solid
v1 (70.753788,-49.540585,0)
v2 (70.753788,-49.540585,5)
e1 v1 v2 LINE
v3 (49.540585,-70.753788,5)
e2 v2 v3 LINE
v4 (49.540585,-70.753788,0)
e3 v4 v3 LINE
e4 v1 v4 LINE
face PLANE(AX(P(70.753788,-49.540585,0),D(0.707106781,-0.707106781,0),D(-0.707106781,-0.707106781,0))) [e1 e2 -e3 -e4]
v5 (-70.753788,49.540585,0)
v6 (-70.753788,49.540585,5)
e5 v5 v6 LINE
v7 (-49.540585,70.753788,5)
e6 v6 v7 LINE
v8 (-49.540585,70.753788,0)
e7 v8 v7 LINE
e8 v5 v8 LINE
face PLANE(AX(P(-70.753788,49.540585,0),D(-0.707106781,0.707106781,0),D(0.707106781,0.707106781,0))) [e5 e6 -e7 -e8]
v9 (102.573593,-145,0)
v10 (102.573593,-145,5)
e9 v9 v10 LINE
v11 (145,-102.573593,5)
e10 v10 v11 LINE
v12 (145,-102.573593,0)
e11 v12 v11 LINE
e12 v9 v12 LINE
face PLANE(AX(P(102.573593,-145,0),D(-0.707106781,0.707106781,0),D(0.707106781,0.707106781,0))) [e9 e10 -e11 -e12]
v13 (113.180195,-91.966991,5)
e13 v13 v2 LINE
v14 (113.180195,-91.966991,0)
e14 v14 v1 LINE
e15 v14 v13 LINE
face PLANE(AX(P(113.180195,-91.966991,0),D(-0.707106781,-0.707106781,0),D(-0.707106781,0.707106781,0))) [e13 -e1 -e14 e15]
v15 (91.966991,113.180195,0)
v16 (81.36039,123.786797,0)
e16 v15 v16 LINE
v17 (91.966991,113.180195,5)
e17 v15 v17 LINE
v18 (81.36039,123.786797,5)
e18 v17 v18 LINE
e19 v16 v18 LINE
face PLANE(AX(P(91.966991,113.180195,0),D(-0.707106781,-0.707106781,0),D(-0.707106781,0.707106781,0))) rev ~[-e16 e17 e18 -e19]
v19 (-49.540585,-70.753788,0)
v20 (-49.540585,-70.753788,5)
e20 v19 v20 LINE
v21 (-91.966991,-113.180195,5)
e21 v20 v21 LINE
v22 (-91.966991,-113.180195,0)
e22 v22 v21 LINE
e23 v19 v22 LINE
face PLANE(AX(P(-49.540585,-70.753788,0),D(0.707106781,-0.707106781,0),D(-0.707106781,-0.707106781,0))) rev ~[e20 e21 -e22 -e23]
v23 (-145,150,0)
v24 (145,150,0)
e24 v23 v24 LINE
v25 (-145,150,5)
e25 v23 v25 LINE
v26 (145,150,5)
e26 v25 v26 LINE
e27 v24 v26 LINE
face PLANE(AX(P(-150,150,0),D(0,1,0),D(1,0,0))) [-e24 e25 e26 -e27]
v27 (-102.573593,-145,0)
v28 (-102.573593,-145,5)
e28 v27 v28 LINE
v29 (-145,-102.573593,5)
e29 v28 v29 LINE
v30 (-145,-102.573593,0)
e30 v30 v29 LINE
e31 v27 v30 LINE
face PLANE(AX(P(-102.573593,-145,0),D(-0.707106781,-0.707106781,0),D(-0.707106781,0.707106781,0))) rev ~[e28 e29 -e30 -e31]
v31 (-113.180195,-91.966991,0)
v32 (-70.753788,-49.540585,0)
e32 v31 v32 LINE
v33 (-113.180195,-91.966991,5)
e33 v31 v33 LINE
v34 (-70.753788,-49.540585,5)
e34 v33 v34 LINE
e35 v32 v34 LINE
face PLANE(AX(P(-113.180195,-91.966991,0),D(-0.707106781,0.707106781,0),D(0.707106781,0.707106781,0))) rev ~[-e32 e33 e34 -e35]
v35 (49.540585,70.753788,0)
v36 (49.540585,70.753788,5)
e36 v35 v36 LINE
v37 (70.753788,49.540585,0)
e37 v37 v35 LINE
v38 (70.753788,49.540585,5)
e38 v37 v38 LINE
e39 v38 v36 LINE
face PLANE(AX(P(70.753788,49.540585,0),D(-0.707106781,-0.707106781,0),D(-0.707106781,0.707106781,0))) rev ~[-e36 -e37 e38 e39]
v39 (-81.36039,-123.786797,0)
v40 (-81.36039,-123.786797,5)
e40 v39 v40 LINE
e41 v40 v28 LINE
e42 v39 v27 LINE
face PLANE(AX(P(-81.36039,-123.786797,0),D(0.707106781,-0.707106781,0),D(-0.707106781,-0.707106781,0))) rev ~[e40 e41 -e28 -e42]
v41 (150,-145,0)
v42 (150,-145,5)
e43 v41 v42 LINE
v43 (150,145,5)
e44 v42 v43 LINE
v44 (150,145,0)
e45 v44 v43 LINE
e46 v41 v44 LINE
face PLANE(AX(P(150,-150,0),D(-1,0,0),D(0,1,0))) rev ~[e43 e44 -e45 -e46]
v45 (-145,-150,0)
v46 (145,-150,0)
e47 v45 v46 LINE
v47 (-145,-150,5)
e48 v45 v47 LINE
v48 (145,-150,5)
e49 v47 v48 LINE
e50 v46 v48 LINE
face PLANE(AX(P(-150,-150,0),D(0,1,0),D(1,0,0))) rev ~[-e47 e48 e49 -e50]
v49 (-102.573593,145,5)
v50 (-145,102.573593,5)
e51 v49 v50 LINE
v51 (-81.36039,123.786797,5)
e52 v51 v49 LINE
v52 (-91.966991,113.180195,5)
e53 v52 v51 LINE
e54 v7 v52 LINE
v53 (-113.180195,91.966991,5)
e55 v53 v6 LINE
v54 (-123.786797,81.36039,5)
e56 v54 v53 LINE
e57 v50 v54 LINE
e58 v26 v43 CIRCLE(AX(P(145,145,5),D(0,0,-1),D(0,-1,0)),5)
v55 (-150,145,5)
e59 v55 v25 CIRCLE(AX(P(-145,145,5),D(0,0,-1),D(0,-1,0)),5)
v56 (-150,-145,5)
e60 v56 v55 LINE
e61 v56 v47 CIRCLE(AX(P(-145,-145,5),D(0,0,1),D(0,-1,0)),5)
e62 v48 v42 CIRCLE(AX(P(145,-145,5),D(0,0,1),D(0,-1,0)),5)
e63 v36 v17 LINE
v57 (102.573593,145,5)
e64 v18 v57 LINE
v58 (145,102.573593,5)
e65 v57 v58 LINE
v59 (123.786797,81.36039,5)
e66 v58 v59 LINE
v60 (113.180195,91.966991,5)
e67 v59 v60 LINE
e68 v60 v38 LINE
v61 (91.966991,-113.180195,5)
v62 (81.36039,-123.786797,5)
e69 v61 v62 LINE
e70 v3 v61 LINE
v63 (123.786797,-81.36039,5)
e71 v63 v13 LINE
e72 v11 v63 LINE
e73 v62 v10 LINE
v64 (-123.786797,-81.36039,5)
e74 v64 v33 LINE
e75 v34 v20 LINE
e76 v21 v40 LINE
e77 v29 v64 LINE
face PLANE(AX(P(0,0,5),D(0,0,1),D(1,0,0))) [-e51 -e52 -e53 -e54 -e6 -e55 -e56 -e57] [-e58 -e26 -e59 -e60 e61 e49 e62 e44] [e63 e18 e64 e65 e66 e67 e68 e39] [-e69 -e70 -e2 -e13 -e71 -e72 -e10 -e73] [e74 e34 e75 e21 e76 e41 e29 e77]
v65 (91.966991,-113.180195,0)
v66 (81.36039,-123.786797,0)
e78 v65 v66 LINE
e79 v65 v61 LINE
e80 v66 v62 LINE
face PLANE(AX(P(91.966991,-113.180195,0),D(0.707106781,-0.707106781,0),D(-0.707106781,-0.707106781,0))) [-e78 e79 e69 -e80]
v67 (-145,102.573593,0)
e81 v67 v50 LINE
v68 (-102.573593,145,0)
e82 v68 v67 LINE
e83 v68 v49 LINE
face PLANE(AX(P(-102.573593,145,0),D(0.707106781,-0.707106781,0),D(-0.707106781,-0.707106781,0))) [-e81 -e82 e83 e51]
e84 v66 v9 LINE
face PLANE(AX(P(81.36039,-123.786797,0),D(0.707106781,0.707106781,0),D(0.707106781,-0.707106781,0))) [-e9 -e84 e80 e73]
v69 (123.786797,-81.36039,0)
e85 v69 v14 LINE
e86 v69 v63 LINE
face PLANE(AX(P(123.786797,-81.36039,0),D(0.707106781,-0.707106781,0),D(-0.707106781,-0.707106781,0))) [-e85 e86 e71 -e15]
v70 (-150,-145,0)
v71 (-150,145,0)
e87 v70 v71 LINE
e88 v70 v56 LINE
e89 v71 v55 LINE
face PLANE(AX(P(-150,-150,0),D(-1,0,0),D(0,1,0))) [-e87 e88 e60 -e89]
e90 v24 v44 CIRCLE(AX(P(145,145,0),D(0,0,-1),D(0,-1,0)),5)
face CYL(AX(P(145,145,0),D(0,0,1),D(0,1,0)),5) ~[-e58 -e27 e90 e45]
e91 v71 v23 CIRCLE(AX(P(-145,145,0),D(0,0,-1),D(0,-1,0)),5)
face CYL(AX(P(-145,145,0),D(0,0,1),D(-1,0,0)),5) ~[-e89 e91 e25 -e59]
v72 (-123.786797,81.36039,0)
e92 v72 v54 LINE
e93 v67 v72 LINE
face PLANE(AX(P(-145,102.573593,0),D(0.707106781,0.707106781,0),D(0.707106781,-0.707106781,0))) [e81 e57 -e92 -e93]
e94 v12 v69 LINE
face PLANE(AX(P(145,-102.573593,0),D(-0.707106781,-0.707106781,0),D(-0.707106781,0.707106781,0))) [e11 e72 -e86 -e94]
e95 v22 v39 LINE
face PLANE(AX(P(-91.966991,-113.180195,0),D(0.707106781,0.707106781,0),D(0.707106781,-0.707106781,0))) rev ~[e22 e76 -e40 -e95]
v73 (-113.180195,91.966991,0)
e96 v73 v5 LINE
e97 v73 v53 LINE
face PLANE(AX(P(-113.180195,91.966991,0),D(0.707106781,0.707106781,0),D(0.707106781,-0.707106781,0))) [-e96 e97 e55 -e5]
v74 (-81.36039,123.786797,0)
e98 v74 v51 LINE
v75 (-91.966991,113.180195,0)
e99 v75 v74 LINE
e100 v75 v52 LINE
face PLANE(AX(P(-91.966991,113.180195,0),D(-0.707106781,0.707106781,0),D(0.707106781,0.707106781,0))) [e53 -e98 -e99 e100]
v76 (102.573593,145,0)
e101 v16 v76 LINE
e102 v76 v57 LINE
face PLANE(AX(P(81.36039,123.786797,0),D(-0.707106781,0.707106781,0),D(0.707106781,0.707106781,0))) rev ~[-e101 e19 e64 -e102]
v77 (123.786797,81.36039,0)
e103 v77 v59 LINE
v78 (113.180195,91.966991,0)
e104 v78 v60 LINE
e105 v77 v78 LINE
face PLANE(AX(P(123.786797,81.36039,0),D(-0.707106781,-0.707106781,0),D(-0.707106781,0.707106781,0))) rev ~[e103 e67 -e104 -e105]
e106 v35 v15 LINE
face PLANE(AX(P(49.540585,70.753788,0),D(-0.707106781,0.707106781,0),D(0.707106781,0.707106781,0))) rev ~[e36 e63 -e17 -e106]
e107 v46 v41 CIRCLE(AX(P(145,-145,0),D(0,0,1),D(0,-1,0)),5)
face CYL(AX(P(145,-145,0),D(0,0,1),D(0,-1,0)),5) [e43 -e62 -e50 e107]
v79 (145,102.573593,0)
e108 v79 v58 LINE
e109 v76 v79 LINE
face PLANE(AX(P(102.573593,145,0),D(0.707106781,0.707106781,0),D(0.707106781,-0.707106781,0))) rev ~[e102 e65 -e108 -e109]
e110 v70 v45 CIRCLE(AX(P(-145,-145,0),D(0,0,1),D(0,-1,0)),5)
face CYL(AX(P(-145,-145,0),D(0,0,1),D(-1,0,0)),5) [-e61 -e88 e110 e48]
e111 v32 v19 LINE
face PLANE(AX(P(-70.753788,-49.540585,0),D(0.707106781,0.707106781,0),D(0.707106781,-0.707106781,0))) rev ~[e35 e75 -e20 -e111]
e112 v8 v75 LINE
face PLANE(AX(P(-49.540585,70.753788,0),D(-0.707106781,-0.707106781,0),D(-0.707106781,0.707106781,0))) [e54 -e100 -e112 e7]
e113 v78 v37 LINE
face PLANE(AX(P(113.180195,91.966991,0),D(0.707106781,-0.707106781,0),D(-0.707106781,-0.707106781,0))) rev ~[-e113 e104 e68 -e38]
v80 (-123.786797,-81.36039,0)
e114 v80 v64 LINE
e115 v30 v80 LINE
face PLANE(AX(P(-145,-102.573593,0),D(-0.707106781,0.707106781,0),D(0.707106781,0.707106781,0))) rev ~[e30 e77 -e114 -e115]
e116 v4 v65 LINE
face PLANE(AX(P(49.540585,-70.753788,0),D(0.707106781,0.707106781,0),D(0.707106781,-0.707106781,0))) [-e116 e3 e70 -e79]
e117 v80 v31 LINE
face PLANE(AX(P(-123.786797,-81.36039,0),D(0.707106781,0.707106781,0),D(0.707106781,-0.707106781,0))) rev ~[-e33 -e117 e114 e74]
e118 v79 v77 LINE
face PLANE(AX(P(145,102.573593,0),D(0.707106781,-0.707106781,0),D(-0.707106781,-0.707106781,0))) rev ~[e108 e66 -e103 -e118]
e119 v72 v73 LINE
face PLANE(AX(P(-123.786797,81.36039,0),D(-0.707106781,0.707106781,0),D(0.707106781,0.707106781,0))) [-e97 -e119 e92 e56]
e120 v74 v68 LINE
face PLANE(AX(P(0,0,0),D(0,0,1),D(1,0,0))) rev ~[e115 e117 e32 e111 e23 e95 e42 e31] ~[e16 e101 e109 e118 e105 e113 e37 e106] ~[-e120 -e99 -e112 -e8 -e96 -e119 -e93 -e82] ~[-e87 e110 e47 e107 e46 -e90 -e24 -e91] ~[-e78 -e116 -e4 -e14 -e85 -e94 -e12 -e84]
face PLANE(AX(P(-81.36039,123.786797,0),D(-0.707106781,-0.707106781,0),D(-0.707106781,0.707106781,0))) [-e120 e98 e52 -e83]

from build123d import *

# Parameters (mm, degrees)
ESQUISSE1_W             = 300
ESQUISSE1_H             = 300
BOSS_EXTRU_1_DEPTH      = 5
ENL_V_MAT_EXTRU_1_DEPTH = 5
CONG_1_R                = 5


with BuildPart() as part:
    # Esquisse1 → Boss.-Extru.1 (new body)
    with BuildSketch(Plane.XY):
        Rectangle(ESQUISSE1_W, ESQUISSE1_H)
    extrude(amount=BOSS_EXTRU_1_DEPTH)

    # Esquisse2 → Enlèv. mat.-Extru.1 (cut)
    with BuildSketch(Plane.XY):
        Polygon((-70.753787975, 49.54058454), (-49.54058454, 70.753787975), (-91.966991411, 113.180194847), (-81.360389693, 123.786796564), (-102.573593129, 145), (-145, 102.573593129), (-123.786796564, 81.360389693), (-113.180194847, 91.966991411), align=None)
        Polygon((145, 102.573593129), (123.786796564, 81.360389693), (113.180194847, 91.966991411), (70.753787975, 49.54058454), (49.54058454, 70.753787975), (91.966991411, 113.180194847), (81.360389693, 123.786796564), (102.573593129, 145), align=None)
        Polygon((-70.753787975, -49.54058454), (-49.54058454, -70.753787975), (-91.966991411, -113.180194847), (-81.360389693, -123.786796564), (-102.573593129, -145), (-145, -102.573593129), (-123.786796564, -81.360389693), (-113.180194847, -91.966991411), align=None)
        Polygon((91.966991411, -113.180194847), (81.360389693, -123.786796564), (102.573593129, -145), (145, -102.573593129), (123.786796564, -81.360389693), (113.180194847, -91.966991411), (70.753787975, -49.54058454), (49.54058454, -70.753787975), align=None)
    extrude(amount=ENL_V_MAT_EXTRU_1_DEPTH, mode=Mode.SUBTRACT)

    # Congé1
    cong_1_edges = [part.edges().sort_by_distance(p)[0] for p in [
        (-150, 150, 2.5),
        (150, 150, 2.5),
        (150, -150, 2.5),
        (-150, -150, 2.5),
    ]]
    fillet(cong_1_edges, radius=CONG_1_R)


solid = part.part
